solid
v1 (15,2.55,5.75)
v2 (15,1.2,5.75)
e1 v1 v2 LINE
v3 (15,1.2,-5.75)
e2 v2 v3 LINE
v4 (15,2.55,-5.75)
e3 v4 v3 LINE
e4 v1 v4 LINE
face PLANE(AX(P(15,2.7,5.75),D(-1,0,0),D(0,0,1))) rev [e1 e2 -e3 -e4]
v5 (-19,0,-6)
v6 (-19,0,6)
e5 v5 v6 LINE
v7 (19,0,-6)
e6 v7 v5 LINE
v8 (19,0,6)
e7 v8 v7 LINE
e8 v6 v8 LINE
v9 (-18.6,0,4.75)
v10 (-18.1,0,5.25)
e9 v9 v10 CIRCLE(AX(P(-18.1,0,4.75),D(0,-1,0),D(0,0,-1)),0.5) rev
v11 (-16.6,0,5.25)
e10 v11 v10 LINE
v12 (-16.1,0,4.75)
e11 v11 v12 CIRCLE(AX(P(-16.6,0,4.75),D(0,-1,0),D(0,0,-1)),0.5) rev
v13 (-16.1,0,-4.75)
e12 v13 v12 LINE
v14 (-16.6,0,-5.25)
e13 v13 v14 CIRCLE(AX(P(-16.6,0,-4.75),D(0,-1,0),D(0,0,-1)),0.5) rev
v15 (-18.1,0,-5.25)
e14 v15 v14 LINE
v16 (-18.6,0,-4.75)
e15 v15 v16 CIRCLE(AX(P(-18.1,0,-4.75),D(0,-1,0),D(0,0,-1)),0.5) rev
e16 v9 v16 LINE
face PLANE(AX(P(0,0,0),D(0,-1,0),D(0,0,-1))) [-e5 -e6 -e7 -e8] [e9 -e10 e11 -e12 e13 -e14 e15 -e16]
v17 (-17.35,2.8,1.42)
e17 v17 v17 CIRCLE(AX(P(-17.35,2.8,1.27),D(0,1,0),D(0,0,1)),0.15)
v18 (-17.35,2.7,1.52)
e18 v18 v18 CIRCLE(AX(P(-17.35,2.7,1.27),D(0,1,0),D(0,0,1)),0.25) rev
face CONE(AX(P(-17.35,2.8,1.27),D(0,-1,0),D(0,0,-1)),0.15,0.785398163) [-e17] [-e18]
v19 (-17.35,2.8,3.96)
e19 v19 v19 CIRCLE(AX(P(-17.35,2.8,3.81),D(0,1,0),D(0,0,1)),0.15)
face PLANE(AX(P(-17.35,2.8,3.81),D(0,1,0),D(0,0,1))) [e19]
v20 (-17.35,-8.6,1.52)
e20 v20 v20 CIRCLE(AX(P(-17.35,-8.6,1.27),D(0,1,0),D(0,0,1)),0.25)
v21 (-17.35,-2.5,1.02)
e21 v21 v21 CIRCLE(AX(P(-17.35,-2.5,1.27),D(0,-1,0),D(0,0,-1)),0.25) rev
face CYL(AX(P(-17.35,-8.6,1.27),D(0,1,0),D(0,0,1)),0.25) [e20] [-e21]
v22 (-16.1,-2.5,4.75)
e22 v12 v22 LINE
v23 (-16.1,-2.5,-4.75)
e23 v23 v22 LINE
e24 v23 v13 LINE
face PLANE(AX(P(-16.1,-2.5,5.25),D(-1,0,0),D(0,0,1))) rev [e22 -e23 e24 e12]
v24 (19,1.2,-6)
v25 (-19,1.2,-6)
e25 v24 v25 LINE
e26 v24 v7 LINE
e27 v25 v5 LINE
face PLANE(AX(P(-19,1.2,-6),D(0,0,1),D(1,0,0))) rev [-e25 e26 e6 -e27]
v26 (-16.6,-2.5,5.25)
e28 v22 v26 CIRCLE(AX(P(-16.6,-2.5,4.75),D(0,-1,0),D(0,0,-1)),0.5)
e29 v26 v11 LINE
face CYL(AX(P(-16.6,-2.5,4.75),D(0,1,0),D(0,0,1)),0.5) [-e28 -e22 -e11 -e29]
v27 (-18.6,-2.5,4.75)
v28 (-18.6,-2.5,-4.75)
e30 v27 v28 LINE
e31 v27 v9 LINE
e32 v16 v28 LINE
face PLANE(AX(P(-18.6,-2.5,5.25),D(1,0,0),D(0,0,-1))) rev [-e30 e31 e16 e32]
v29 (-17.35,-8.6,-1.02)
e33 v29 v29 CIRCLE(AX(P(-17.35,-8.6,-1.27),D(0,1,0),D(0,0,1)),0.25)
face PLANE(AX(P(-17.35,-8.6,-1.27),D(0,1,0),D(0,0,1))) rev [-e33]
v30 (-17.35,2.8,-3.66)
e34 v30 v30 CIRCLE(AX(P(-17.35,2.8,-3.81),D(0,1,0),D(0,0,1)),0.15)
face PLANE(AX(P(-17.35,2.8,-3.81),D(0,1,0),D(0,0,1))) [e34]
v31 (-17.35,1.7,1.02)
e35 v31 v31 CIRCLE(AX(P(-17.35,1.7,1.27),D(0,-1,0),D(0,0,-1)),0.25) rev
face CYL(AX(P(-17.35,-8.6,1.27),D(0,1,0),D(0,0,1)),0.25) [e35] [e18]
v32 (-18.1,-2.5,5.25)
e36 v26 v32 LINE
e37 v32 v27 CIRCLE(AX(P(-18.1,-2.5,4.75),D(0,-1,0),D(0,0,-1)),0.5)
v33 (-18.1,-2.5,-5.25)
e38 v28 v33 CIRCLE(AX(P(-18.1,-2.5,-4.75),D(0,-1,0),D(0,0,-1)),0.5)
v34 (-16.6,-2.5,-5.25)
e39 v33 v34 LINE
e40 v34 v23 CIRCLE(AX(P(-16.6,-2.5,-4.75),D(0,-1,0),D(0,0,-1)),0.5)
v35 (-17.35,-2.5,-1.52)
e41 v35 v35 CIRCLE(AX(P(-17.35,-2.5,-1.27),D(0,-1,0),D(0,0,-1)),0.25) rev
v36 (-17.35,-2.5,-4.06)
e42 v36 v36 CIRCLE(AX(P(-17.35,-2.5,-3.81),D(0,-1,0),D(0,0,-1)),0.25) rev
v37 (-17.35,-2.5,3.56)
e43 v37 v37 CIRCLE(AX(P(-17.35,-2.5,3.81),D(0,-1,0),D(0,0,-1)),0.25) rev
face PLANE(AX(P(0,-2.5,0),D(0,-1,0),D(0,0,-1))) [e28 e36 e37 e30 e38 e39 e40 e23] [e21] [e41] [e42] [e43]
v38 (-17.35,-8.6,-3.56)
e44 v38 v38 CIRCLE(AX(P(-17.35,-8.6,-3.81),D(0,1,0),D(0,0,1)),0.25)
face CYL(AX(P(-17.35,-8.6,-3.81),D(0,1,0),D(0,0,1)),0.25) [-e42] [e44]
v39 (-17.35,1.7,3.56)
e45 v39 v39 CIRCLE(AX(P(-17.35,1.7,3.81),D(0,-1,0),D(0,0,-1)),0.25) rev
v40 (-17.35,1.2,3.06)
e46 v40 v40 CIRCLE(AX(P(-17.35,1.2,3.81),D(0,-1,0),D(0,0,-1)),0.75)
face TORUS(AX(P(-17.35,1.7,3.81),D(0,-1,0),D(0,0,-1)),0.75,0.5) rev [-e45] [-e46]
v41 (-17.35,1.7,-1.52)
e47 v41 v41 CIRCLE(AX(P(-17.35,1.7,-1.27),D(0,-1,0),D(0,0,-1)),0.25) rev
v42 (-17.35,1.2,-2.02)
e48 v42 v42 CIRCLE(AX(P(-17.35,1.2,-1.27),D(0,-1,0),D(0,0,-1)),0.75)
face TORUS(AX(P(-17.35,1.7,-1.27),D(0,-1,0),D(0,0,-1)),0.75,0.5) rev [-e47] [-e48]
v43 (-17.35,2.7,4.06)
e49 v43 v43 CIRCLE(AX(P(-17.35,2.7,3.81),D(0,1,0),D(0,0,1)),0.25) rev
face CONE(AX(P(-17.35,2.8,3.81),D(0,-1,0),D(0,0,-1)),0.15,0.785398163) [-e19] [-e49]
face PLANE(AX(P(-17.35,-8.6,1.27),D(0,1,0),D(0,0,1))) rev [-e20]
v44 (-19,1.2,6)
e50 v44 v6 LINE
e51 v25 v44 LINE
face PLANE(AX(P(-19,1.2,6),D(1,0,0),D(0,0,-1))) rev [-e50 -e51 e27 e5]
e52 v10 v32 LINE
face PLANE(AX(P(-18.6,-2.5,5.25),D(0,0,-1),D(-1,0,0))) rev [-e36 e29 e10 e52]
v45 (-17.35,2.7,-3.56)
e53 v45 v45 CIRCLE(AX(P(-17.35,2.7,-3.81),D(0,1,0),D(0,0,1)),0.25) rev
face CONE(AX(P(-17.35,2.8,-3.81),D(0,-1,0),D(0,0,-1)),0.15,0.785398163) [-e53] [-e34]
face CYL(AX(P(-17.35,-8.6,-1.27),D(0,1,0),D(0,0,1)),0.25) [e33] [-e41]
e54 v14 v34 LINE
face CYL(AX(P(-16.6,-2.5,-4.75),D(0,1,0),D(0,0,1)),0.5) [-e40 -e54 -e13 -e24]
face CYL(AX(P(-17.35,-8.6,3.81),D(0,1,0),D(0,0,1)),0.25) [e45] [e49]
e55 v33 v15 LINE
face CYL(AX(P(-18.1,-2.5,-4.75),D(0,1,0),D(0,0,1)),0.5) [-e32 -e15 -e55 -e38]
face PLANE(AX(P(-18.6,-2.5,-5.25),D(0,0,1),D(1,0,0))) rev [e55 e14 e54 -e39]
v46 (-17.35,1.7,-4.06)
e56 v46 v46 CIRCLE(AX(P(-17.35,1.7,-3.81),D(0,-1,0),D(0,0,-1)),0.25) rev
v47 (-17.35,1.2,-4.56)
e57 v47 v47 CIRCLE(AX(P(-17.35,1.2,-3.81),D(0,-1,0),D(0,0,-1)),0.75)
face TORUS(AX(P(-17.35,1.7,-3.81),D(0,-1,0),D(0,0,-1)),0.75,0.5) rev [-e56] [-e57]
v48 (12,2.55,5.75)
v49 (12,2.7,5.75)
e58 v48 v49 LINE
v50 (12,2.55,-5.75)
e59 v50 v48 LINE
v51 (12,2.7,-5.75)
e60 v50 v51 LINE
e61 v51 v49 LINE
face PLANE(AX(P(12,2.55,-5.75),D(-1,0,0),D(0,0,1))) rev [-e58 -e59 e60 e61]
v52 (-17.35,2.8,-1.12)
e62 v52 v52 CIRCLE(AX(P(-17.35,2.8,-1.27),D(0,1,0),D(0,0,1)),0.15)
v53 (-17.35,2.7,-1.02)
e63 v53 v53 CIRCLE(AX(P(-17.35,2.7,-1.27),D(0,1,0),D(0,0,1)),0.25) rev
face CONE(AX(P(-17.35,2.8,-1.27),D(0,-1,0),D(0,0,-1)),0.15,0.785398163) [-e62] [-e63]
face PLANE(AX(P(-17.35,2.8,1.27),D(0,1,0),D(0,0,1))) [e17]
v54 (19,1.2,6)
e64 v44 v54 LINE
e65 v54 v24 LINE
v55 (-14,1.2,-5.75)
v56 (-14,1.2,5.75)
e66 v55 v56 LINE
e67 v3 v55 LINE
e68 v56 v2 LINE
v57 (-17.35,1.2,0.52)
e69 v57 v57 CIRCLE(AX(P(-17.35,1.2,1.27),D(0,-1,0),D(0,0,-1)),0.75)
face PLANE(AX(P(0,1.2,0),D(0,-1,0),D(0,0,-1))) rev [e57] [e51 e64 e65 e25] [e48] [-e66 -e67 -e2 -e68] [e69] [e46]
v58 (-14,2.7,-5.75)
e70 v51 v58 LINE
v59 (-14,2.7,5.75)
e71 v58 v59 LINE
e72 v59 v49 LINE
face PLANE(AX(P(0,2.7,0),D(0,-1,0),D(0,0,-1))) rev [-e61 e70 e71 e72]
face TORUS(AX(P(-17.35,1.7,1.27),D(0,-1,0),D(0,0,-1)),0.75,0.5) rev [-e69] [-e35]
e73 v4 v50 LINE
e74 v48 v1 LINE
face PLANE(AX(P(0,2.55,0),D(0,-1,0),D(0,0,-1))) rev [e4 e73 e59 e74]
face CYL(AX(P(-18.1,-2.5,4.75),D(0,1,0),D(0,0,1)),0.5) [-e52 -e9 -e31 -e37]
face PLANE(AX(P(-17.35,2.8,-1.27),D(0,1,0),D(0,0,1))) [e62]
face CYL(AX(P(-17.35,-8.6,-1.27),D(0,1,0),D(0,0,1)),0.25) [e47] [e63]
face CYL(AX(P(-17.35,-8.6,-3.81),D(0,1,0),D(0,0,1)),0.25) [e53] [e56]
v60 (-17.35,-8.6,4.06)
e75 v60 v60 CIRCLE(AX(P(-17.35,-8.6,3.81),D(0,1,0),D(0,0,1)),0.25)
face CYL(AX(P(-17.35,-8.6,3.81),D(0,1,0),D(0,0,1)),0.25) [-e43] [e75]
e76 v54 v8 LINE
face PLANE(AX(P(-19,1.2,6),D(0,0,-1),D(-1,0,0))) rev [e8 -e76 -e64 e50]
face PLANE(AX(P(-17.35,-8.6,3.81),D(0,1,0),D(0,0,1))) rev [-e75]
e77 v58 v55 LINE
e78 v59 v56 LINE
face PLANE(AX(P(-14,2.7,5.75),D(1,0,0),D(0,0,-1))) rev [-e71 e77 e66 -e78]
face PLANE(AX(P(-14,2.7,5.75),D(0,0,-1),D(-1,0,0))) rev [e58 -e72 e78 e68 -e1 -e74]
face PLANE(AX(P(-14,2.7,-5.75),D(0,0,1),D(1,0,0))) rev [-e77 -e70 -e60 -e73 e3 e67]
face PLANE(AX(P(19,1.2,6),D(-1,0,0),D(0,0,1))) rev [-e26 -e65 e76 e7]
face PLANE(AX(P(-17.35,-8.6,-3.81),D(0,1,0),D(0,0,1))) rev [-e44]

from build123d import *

# Parameters (mm, degrees)
SKETCH1_W                  = 38
SKETCH1_H                  = 12
BOSS_EXTRUDE1_DEPTH        = 1.2
SKETCH2_W                  = 29
SKETCH2_H                  = 11.5
BOSS_EXTRUDE2_DEPTH        = 1.5
BOSS_EXTRUDE3_START        = -9.8
SKETCH3_R                  = 0.25
BOSS_EXTRUDE3_DEPTH        = 11.4
CHAMFER1_SIZE              = 0.1
FILLET1_R                  = 0.5
LPATTERN1_COUNT            = 4
LPATTERN1_PITCH            = 2.54
CHAMFER1_OF_LPATTERN1_SIZE = 0.1
FILLET1_OF_LPATTERN1_R     = 0.5
SKETCH4_W                  = 2.5
SKETCH4_H                  = 10.5
BOSS_EXTRUDE4_DEPTH        = 2.5
FILLET2_R                  = 0.5
SKETCH5_W                  = 3
SKETCH5_H                  = 11.5
CUT_EXTRUDE1_DEPTH         = 0.15


with BuildPart() as part:
    # Sketch1 → Boss-Extrude1 (new body)
    with BuildSketch(Plane(origin=(0, 0, 0), x_dir=(1, 0, 0), z_dir=(0, 1, 0))):
        Rectangle(SKETCH1_W, SKETCH1_H)
    extrude(amount=BOSS_EXTRUDE1_DEPTH)

    # Sketch2 → Boss-Extrude2 (add)
    with BuildSketch(Plane(origin=(0, 1.2, 0), x_dir=(1, 0, 0), z_dir=(0, 1, 0))):
        with Locations((0.5, 0)):
            Rectangle(SKETCH2_W, SKETCH2_H)
    extrude(amount=BOSS_EXTRUDE2_DEPTH)

    # Sketch3 → Boss-Extrude3 (add)
    with BuildSketch(Plane(origin=(0, 1.2, 0), x_dir=(1, 0, 0), z_dir=(0, 1, 0)).offset(BOSS_EXTRUDE3_START)):
        with Locations((-17.35, -3.81)):
            Circle(SKETCH3_R)
    boss_extrude3 = extrude(amount=BOSS_EXTRUDE3_DEPTH)

    # Chamfer1
    chamfer1_edges = [part.edges().sort_by_distance(p)[0] for p in [
        (-17.6, 2.8, 3.81),
    ]]
    chamfer(chamfer1_edges, length=CHAMFER1_SIZE)

    # Fillet1
    fillet1_edges = [part.edges().sort_by_distance(p)[0] for p in [
        (-17.6, 1.2, 3.81),
    ]]
    fillet(fillet1_edges, radius=FILLET1_R)

    # LPattern1: Boss-Extrude3 ×4
    with Locations(*[(0, 0, -i * LPATTERN1_PITCH) for i in range(1, LPATTERN1_COUNT)]):
        add(boss_extrude3)

    # Chamfer1 of LPattern1
    chamfer1_of_lpattern1_edges = [part.edges().sort_by_distance(p)[0] for p in [
        (-17.6, 2.8, 1.27),
        (-17.6, 2.8, -1.27),
        (-17.6, 2.8, -3.81),
    ]]
    chamfer(chamfer1_of_lpattern1_edges, length=CHAMFER1_OF_LPATTERN1_SIZE)

    # Fillet1 of LPattern1
    fillet1_of_lpattern1_edges = [part.edges().sort_by_distance(p)[0] for p in [
        (-17.6, 1.2, 1.27),
        (-17.6, 1.2, -1.27),
        (-17.6, 1.2, -3.81),
    ]]
    fillet(fillet1_of_lpattern1_edges, radius=FILLET1_OF_LPATTERN1_R)

    # Sketch4 → Boss-Extrude4 (add)
    with BuildSketch(Plane.XZ):
        with Locations((-17.35, 0)):
            Rectangle(SKETCH4_W, SKETCH4_H)
    extrude(amount=BOSS_EXTRUDE4_DEPTH)

    # Fillet2
    fillet2_edges = [part.edges().sort_by_distance(p)[0] for p in [
        (-16.1, -1.25, -5.25),
        (-16.1, -1.25, 5.25),
        (-18.6, -1.25, 5.25),
        (-18.6, -1.25, -5.25),
    ]]
    fillet(fillet2_edges, radius=FILLET2_R)

    # Sketch5 → Cut-Extrude1 (cut)
    with BuildSketch(Plane(origin=(0, 2.7, 0), x_dir=(1, 0, 0), z_dir=(0, 1, 0))):
        with Locations((13.5, 0)):
            Rectangle(SKETCH5_W, SKETCH5_H)
    extrude(amount=-CUT_EXTRUDE1_DEPTH, mode=Mode.SUBTRACT)


solid = part.part
